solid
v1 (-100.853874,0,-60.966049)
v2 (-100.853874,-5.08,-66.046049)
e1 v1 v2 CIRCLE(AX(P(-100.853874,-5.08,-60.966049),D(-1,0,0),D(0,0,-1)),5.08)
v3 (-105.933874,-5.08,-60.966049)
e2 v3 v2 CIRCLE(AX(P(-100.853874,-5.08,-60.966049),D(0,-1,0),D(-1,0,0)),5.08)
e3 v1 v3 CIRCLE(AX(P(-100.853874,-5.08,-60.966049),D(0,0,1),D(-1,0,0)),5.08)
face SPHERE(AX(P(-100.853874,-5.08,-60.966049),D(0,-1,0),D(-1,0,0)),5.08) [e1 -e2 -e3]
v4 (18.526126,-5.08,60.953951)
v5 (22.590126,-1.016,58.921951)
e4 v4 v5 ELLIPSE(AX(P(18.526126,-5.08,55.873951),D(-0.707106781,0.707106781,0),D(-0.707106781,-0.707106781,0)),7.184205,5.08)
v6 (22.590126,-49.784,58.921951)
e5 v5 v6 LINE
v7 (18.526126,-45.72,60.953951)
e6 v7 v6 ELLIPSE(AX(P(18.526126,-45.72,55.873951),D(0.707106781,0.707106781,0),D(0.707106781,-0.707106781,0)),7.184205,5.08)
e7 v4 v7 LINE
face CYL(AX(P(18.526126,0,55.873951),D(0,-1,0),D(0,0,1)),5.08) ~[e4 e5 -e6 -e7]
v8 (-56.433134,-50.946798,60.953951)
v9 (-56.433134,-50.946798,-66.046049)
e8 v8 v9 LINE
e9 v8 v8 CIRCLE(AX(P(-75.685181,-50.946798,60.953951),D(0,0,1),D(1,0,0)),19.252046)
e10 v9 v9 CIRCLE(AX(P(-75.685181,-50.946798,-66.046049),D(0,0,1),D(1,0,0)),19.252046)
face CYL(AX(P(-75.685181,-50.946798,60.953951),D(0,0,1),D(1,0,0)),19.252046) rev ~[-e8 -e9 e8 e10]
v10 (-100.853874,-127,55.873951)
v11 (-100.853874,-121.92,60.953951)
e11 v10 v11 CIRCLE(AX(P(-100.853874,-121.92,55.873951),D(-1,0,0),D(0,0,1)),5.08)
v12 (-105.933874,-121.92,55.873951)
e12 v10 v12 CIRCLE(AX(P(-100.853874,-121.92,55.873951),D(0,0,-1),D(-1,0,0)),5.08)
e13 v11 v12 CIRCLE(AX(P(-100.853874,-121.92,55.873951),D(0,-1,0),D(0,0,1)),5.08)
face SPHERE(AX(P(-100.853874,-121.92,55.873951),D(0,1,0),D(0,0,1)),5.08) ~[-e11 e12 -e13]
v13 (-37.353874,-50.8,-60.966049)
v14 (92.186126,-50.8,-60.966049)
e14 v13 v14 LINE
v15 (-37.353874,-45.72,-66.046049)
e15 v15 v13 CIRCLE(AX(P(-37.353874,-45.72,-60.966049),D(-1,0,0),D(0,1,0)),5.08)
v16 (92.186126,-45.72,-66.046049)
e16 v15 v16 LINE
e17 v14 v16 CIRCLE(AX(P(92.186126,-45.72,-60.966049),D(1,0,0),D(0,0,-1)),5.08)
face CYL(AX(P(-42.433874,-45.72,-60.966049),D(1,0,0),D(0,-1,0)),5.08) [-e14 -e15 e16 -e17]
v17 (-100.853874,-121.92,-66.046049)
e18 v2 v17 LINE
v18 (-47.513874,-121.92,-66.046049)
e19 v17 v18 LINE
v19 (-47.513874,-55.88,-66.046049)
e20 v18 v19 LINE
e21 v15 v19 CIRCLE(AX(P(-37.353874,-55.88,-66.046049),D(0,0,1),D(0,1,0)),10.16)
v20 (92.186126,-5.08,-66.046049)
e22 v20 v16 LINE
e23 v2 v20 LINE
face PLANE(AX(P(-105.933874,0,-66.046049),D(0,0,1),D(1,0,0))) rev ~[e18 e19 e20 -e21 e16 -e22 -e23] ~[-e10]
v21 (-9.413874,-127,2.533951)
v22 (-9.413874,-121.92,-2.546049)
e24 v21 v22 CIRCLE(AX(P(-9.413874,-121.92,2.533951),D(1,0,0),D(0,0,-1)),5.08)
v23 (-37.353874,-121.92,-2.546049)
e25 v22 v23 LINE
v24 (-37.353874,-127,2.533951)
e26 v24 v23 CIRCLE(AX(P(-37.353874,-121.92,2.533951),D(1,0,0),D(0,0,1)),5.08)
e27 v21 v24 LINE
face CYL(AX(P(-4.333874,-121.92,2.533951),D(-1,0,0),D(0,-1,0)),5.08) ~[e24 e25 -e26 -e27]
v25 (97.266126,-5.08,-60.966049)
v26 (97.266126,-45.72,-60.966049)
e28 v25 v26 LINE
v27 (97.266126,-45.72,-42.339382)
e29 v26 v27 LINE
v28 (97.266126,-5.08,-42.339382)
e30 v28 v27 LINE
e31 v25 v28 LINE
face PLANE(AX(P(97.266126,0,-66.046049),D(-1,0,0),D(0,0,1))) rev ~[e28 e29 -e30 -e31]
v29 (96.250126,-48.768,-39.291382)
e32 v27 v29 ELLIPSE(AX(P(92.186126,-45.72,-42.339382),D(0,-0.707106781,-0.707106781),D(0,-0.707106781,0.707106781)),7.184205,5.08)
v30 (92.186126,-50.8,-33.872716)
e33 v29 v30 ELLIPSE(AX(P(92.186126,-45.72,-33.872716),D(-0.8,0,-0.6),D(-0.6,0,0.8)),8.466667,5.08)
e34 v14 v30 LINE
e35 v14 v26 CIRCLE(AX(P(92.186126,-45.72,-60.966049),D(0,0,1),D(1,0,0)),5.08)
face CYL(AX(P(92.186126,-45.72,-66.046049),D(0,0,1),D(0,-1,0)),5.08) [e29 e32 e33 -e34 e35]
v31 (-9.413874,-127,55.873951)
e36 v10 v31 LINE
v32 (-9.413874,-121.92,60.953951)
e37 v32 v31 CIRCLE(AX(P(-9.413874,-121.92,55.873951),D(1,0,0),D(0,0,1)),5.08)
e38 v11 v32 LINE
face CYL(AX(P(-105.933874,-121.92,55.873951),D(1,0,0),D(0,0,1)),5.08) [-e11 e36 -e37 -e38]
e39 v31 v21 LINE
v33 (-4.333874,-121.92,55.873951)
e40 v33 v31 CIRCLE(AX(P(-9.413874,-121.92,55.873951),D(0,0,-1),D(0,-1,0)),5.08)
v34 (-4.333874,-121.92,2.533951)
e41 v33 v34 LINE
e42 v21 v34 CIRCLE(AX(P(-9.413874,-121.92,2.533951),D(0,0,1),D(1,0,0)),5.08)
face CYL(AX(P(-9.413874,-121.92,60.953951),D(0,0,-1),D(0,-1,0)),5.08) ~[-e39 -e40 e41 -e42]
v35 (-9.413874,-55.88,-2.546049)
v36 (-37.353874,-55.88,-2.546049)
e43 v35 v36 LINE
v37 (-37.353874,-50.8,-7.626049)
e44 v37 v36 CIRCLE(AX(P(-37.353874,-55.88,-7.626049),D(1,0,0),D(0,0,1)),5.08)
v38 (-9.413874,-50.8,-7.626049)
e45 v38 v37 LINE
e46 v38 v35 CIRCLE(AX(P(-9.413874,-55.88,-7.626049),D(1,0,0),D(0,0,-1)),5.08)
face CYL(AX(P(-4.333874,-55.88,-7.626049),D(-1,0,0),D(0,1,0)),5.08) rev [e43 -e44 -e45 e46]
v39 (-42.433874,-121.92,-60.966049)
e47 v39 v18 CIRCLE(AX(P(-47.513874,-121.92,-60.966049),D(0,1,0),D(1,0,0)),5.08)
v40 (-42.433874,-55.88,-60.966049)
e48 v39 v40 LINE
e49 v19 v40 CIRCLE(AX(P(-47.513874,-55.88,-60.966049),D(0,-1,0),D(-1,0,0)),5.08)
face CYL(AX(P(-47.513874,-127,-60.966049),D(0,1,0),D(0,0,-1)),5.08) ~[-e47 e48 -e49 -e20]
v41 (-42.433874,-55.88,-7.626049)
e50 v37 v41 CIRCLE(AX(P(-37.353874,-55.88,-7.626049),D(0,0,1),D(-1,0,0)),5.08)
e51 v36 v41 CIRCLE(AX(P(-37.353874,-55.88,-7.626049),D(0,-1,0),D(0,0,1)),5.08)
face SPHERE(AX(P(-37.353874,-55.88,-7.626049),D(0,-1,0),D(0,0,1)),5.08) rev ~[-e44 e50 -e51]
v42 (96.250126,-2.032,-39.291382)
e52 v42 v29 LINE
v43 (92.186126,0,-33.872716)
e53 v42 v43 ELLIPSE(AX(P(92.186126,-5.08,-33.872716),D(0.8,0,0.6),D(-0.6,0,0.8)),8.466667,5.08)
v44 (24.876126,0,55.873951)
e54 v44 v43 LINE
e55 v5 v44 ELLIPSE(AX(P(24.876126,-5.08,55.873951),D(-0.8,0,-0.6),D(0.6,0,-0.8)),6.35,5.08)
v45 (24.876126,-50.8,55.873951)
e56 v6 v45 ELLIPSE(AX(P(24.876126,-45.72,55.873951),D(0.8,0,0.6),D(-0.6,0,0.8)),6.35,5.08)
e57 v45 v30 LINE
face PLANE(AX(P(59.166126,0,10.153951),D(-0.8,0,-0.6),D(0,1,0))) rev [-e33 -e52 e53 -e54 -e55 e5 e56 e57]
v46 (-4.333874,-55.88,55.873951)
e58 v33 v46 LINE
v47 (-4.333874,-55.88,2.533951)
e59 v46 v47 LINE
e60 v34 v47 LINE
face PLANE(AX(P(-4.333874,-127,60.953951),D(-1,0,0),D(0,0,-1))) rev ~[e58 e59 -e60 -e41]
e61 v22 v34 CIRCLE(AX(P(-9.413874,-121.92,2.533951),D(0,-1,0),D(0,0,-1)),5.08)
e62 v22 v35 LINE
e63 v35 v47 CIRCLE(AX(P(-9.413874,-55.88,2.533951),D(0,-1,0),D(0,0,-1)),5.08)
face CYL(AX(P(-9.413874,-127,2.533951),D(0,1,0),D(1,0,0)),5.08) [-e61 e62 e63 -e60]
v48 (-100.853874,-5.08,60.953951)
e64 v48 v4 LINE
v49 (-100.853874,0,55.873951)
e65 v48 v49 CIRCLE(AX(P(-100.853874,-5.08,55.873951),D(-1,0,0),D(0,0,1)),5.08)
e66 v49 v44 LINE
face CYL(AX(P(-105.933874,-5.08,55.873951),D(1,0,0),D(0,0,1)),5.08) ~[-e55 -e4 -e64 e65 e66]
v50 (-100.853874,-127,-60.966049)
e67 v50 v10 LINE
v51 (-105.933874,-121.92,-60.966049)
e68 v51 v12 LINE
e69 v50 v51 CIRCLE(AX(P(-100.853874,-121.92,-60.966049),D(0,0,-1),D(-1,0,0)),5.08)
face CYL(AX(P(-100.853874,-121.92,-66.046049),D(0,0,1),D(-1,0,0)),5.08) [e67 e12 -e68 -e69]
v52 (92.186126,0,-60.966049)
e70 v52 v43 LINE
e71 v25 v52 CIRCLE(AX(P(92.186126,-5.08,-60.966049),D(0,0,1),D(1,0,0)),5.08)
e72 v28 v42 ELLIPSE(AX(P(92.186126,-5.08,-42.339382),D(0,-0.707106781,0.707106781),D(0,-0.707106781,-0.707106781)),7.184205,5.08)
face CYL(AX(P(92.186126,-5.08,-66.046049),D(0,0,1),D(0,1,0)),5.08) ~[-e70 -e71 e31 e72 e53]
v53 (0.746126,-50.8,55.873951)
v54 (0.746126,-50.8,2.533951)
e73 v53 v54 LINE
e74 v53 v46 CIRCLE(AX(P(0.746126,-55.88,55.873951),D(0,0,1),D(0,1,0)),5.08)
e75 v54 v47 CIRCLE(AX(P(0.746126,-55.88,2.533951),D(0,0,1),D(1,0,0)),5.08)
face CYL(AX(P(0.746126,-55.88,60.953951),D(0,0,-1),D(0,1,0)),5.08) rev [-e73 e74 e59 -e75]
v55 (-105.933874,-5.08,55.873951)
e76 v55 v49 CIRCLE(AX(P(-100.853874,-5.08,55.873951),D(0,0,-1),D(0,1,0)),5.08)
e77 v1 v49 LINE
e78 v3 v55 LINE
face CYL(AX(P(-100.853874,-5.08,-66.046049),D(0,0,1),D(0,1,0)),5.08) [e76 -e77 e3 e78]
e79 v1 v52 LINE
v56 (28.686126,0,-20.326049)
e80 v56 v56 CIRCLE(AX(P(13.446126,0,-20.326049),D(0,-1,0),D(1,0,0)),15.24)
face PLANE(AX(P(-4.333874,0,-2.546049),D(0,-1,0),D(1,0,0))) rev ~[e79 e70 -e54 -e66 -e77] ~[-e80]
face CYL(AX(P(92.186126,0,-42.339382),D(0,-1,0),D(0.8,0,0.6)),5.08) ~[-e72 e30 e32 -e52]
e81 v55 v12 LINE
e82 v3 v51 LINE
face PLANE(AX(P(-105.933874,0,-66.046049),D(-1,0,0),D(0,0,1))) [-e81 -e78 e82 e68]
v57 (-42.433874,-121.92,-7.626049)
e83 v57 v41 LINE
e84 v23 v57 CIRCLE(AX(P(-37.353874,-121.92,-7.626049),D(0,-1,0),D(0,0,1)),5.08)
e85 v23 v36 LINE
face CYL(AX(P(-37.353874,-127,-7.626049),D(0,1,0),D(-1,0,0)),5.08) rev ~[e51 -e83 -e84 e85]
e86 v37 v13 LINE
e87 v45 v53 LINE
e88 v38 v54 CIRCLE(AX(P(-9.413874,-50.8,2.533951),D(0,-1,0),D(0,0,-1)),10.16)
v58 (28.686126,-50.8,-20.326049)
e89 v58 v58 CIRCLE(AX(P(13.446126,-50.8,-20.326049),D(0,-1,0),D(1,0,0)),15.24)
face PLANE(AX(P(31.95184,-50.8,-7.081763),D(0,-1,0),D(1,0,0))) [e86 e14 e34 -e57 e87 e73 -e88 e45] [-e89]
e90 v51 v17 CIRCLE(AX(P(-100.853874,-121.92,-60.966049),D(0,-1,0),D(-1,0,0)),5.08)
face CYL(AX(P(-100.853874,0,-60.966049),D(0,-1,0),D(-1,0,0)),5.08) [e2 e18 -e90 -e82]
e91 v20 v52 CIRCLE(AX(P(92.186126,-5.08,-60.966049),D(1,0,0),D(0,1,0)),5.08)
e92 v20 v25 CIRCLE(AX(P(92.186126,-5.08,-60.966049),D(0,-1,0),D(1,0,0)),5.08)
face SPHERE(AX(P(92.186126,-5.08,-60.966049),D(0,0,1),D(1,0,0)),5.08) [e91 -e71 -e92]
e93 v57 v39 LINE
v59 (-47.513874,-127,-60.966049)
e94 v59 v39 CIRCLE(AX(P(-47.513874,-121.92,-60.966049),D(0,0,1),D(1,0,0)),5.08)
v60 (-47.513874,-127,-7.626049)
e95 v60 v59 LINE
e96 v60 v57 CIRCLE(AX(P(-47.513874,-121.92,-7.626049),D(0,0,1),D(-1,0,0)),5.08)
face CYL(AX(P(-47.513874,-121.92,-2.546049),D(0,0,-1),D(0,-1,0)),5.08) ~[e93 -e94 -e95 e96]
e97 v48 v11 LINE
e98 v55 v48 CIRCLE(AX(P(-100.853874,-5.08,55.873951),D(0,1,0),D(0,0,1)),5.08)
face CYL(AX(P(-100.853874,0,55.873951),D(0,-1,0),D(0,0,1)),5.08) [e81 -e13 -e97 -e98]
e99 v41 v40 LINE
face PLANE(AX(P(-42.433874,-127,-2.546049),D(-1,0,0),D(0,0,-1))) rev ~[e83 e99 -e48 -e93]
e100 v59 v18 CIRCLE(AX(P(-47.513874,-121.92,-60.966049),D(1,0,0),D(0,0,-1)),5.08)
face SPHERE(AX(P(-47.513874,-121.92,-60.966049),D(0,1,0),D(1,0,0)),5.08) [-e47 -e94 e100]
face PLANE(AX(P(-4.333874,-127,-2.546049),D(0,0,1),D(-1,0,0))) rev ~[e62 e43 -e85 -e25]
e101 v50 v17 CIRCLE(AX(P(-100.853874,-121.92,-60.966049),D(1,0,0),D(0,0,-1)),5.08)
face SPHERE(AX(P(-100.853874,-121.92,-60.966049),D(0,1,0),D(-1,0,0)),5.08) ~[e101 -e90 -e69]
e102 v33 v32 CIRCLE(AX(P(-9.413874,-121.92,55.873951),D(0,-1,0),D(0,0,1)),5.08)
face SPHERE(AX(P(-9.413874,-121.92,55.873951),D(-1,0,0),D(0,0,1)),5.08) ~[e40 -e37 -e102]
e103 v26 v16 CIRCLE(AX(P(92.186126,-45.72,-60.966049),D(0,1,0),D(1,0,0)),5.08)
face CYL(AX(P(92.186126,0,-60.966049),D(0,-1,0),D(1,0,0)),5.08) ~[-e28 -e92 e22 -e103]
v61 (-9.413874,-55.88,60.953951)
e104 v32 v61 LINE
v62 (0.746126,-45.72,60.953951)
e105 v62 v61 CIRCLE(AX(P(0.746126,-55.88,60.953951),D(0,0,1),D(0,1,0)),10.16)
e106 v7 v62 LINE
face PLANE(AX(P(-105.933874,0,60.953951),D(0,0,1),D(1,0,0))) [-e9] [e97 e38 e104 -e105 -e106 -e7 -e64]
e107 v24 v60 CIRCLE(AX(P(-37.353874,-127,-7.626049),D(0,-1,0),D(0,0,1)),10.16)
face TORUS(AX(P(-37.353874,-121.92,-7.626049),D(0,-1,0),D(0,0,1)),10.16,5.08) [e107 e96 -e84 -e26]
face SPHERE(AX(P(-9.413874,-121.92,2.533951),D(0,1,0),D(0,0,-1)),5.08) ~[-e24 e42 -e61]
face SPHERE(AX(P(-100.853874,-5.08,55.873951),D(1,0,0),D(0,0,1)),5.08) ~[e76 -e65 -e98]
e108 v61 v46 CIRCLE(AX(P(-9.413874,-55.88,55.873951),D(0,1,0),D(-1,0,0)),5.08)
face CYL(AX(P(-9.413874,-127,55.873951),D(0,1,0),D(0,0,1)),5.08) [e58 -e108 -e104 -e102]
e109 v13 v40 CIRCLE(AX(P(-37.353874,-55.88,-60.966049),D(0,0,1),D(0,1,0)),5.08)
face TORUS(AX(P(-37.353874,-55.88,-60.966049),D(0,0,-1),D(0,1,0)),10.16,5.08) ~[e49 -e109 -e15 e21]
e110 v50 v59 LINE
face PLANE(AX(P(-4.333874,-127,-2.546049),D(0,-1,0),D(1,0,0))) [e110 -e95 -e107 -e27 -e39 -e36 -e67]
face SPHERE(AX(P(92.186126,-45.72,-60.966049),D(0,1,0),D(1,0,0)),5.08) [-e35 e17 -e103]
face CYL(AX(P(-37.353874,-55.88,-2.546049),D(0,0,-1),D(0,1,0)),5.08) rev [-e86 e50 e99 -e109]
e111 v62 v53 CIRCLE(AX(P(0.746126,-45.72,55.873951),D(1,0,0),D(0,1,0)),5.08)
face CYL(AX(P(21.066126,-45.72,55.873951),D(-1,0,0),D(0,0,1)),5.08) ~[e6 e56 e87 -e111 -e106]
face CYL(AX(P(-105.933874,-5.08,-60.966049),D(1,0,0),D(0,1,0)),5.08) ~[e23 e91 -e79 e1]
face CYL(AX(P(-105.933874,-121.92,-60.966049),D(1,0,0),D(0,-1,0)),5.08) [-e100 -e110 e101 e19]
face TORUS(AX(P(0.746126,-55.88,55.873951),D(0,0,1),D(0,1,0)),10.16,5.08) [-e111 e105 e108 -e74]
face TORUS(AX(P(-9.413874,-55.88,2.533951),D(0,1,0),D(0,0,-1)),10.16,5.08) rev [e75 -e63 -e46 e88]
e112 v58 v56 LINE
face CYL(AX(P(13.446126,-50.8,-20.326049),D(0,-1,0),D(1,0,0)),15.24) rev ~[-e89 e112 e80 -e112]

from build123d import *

# Parameters (mm, degrees)
F0_W     = 203.2
F0_H     = 127
F1_DEPTH = 127
F3_DEPTH = 76.2
F4_SIZE2 = 101.6
F4_SIZE  = 76.2
F5_R     = 5.08
F6_R     = 15.24
F7_DEPTH = 50.8
F8_R     = 19.252046471
F9_DEPTH = 127


with BuildPart() as f1:
    # F0 (on Front) → F1 (new body)
    with BuildSketch(Plane.XZ):
        with Locations((-4.3338742107, -2.5460490198)):
            Rectangle(F0_W, F0_H)
    extrude(amount=F1_DEPTH)

    # F2 (on face) → F3 (cut)
    with BuildSketch(Plane.XZ.offset(127)):
        Polygon((-42.4338742107, -2.5460490198), (-42.4338742107, -66.0460490198), (97.2661257893, -66.0460490198), (97.2661257893, 60.9539509802), (-4.3338742107, 60.9539509802), (-4.3338742107, -2.5460490198), align=None)
    extrude(amount=-F3_DEPTH, mode=Mode.SUBTRACT)

    # F4
    f4_edges = [f1.edges().sort_by_distance(p)[0] for p in [
        (97.266126, -25.4, 60.953951),
    ]]
    f4_side = f1.faces().sort_by_distance((-26.105303, -52.614286, 60.953951))[0]
    chamfer(f4_edges, length=F4_SIZE, length2=F4_SIZE2, reference=f4_side)

    # F5
    f5_edges = [f1.edges().sort_by_distance(p)[0] for p in [
        (-4.333874, -88.9, -2.546049),
        (-42.433874, -88.9, -2.546049),
        (-23.383874, -127, -2.546049),
        (-23.383874, -50.8, -2.546049),
        (-42.433874, 0, 60.953951),
        (21.066126, -25.4, 60.953951),
        (-105.933874, -63.5, 60.953951),
        (8.366126, -50.8, 60.953951),
        (-55.133874, -127, 60.953951),
        (-4.333874, -88.9, 60.953951),
        (-4.333874, -127, 29.203951),
        (-4.333874, -50.8, 29.203951),
        (-42.433874, -88.9, -66.046049),
        (-42.433874, -127, -34.296049),
        (-42.433874, -50.8, -34.296049),
        (97.266126, 0, -53.346049),
        (97.266126, -25.4, -40.646049),
        (97.266126, -25.4, -66.046049),
        (97.266126, -50.8, -53.346049),
        (-105.933874, -63.5, -66.046049),
        (-105.933874, 0, -2.546049),
        (-105.933874, -127, -2.546049),
        (-4.333874, 0, -66.046049),
        (27.416126, -50.8, -66.046049),
        (-74.183874, -127, -66.046049),
    ]]
    fillet(f5_edges, radius=F5_R)

    # F6 (on face) → F7 (cut, through all)
    with BuildSketch(Plane.XZ.offset(50.8)):
        with Locations((13.4461257893, -20.3260490198)):
            Circle(F6_R)
    extrude(amount=-F7_DEPTH, mode=Mode.SUBTRACT)

    # F8 (on face) → F9 (cut, through all)
    with BuildSketch(Plane.XY.offset(60.9539509802)):
        with Locations((-75.6851807237, -50.9467981756)):
            Circle(F8_R)
    extrude(amount=-F9_DEPTH, mode=Mode.SUBTRACT)


solid = f1.part
